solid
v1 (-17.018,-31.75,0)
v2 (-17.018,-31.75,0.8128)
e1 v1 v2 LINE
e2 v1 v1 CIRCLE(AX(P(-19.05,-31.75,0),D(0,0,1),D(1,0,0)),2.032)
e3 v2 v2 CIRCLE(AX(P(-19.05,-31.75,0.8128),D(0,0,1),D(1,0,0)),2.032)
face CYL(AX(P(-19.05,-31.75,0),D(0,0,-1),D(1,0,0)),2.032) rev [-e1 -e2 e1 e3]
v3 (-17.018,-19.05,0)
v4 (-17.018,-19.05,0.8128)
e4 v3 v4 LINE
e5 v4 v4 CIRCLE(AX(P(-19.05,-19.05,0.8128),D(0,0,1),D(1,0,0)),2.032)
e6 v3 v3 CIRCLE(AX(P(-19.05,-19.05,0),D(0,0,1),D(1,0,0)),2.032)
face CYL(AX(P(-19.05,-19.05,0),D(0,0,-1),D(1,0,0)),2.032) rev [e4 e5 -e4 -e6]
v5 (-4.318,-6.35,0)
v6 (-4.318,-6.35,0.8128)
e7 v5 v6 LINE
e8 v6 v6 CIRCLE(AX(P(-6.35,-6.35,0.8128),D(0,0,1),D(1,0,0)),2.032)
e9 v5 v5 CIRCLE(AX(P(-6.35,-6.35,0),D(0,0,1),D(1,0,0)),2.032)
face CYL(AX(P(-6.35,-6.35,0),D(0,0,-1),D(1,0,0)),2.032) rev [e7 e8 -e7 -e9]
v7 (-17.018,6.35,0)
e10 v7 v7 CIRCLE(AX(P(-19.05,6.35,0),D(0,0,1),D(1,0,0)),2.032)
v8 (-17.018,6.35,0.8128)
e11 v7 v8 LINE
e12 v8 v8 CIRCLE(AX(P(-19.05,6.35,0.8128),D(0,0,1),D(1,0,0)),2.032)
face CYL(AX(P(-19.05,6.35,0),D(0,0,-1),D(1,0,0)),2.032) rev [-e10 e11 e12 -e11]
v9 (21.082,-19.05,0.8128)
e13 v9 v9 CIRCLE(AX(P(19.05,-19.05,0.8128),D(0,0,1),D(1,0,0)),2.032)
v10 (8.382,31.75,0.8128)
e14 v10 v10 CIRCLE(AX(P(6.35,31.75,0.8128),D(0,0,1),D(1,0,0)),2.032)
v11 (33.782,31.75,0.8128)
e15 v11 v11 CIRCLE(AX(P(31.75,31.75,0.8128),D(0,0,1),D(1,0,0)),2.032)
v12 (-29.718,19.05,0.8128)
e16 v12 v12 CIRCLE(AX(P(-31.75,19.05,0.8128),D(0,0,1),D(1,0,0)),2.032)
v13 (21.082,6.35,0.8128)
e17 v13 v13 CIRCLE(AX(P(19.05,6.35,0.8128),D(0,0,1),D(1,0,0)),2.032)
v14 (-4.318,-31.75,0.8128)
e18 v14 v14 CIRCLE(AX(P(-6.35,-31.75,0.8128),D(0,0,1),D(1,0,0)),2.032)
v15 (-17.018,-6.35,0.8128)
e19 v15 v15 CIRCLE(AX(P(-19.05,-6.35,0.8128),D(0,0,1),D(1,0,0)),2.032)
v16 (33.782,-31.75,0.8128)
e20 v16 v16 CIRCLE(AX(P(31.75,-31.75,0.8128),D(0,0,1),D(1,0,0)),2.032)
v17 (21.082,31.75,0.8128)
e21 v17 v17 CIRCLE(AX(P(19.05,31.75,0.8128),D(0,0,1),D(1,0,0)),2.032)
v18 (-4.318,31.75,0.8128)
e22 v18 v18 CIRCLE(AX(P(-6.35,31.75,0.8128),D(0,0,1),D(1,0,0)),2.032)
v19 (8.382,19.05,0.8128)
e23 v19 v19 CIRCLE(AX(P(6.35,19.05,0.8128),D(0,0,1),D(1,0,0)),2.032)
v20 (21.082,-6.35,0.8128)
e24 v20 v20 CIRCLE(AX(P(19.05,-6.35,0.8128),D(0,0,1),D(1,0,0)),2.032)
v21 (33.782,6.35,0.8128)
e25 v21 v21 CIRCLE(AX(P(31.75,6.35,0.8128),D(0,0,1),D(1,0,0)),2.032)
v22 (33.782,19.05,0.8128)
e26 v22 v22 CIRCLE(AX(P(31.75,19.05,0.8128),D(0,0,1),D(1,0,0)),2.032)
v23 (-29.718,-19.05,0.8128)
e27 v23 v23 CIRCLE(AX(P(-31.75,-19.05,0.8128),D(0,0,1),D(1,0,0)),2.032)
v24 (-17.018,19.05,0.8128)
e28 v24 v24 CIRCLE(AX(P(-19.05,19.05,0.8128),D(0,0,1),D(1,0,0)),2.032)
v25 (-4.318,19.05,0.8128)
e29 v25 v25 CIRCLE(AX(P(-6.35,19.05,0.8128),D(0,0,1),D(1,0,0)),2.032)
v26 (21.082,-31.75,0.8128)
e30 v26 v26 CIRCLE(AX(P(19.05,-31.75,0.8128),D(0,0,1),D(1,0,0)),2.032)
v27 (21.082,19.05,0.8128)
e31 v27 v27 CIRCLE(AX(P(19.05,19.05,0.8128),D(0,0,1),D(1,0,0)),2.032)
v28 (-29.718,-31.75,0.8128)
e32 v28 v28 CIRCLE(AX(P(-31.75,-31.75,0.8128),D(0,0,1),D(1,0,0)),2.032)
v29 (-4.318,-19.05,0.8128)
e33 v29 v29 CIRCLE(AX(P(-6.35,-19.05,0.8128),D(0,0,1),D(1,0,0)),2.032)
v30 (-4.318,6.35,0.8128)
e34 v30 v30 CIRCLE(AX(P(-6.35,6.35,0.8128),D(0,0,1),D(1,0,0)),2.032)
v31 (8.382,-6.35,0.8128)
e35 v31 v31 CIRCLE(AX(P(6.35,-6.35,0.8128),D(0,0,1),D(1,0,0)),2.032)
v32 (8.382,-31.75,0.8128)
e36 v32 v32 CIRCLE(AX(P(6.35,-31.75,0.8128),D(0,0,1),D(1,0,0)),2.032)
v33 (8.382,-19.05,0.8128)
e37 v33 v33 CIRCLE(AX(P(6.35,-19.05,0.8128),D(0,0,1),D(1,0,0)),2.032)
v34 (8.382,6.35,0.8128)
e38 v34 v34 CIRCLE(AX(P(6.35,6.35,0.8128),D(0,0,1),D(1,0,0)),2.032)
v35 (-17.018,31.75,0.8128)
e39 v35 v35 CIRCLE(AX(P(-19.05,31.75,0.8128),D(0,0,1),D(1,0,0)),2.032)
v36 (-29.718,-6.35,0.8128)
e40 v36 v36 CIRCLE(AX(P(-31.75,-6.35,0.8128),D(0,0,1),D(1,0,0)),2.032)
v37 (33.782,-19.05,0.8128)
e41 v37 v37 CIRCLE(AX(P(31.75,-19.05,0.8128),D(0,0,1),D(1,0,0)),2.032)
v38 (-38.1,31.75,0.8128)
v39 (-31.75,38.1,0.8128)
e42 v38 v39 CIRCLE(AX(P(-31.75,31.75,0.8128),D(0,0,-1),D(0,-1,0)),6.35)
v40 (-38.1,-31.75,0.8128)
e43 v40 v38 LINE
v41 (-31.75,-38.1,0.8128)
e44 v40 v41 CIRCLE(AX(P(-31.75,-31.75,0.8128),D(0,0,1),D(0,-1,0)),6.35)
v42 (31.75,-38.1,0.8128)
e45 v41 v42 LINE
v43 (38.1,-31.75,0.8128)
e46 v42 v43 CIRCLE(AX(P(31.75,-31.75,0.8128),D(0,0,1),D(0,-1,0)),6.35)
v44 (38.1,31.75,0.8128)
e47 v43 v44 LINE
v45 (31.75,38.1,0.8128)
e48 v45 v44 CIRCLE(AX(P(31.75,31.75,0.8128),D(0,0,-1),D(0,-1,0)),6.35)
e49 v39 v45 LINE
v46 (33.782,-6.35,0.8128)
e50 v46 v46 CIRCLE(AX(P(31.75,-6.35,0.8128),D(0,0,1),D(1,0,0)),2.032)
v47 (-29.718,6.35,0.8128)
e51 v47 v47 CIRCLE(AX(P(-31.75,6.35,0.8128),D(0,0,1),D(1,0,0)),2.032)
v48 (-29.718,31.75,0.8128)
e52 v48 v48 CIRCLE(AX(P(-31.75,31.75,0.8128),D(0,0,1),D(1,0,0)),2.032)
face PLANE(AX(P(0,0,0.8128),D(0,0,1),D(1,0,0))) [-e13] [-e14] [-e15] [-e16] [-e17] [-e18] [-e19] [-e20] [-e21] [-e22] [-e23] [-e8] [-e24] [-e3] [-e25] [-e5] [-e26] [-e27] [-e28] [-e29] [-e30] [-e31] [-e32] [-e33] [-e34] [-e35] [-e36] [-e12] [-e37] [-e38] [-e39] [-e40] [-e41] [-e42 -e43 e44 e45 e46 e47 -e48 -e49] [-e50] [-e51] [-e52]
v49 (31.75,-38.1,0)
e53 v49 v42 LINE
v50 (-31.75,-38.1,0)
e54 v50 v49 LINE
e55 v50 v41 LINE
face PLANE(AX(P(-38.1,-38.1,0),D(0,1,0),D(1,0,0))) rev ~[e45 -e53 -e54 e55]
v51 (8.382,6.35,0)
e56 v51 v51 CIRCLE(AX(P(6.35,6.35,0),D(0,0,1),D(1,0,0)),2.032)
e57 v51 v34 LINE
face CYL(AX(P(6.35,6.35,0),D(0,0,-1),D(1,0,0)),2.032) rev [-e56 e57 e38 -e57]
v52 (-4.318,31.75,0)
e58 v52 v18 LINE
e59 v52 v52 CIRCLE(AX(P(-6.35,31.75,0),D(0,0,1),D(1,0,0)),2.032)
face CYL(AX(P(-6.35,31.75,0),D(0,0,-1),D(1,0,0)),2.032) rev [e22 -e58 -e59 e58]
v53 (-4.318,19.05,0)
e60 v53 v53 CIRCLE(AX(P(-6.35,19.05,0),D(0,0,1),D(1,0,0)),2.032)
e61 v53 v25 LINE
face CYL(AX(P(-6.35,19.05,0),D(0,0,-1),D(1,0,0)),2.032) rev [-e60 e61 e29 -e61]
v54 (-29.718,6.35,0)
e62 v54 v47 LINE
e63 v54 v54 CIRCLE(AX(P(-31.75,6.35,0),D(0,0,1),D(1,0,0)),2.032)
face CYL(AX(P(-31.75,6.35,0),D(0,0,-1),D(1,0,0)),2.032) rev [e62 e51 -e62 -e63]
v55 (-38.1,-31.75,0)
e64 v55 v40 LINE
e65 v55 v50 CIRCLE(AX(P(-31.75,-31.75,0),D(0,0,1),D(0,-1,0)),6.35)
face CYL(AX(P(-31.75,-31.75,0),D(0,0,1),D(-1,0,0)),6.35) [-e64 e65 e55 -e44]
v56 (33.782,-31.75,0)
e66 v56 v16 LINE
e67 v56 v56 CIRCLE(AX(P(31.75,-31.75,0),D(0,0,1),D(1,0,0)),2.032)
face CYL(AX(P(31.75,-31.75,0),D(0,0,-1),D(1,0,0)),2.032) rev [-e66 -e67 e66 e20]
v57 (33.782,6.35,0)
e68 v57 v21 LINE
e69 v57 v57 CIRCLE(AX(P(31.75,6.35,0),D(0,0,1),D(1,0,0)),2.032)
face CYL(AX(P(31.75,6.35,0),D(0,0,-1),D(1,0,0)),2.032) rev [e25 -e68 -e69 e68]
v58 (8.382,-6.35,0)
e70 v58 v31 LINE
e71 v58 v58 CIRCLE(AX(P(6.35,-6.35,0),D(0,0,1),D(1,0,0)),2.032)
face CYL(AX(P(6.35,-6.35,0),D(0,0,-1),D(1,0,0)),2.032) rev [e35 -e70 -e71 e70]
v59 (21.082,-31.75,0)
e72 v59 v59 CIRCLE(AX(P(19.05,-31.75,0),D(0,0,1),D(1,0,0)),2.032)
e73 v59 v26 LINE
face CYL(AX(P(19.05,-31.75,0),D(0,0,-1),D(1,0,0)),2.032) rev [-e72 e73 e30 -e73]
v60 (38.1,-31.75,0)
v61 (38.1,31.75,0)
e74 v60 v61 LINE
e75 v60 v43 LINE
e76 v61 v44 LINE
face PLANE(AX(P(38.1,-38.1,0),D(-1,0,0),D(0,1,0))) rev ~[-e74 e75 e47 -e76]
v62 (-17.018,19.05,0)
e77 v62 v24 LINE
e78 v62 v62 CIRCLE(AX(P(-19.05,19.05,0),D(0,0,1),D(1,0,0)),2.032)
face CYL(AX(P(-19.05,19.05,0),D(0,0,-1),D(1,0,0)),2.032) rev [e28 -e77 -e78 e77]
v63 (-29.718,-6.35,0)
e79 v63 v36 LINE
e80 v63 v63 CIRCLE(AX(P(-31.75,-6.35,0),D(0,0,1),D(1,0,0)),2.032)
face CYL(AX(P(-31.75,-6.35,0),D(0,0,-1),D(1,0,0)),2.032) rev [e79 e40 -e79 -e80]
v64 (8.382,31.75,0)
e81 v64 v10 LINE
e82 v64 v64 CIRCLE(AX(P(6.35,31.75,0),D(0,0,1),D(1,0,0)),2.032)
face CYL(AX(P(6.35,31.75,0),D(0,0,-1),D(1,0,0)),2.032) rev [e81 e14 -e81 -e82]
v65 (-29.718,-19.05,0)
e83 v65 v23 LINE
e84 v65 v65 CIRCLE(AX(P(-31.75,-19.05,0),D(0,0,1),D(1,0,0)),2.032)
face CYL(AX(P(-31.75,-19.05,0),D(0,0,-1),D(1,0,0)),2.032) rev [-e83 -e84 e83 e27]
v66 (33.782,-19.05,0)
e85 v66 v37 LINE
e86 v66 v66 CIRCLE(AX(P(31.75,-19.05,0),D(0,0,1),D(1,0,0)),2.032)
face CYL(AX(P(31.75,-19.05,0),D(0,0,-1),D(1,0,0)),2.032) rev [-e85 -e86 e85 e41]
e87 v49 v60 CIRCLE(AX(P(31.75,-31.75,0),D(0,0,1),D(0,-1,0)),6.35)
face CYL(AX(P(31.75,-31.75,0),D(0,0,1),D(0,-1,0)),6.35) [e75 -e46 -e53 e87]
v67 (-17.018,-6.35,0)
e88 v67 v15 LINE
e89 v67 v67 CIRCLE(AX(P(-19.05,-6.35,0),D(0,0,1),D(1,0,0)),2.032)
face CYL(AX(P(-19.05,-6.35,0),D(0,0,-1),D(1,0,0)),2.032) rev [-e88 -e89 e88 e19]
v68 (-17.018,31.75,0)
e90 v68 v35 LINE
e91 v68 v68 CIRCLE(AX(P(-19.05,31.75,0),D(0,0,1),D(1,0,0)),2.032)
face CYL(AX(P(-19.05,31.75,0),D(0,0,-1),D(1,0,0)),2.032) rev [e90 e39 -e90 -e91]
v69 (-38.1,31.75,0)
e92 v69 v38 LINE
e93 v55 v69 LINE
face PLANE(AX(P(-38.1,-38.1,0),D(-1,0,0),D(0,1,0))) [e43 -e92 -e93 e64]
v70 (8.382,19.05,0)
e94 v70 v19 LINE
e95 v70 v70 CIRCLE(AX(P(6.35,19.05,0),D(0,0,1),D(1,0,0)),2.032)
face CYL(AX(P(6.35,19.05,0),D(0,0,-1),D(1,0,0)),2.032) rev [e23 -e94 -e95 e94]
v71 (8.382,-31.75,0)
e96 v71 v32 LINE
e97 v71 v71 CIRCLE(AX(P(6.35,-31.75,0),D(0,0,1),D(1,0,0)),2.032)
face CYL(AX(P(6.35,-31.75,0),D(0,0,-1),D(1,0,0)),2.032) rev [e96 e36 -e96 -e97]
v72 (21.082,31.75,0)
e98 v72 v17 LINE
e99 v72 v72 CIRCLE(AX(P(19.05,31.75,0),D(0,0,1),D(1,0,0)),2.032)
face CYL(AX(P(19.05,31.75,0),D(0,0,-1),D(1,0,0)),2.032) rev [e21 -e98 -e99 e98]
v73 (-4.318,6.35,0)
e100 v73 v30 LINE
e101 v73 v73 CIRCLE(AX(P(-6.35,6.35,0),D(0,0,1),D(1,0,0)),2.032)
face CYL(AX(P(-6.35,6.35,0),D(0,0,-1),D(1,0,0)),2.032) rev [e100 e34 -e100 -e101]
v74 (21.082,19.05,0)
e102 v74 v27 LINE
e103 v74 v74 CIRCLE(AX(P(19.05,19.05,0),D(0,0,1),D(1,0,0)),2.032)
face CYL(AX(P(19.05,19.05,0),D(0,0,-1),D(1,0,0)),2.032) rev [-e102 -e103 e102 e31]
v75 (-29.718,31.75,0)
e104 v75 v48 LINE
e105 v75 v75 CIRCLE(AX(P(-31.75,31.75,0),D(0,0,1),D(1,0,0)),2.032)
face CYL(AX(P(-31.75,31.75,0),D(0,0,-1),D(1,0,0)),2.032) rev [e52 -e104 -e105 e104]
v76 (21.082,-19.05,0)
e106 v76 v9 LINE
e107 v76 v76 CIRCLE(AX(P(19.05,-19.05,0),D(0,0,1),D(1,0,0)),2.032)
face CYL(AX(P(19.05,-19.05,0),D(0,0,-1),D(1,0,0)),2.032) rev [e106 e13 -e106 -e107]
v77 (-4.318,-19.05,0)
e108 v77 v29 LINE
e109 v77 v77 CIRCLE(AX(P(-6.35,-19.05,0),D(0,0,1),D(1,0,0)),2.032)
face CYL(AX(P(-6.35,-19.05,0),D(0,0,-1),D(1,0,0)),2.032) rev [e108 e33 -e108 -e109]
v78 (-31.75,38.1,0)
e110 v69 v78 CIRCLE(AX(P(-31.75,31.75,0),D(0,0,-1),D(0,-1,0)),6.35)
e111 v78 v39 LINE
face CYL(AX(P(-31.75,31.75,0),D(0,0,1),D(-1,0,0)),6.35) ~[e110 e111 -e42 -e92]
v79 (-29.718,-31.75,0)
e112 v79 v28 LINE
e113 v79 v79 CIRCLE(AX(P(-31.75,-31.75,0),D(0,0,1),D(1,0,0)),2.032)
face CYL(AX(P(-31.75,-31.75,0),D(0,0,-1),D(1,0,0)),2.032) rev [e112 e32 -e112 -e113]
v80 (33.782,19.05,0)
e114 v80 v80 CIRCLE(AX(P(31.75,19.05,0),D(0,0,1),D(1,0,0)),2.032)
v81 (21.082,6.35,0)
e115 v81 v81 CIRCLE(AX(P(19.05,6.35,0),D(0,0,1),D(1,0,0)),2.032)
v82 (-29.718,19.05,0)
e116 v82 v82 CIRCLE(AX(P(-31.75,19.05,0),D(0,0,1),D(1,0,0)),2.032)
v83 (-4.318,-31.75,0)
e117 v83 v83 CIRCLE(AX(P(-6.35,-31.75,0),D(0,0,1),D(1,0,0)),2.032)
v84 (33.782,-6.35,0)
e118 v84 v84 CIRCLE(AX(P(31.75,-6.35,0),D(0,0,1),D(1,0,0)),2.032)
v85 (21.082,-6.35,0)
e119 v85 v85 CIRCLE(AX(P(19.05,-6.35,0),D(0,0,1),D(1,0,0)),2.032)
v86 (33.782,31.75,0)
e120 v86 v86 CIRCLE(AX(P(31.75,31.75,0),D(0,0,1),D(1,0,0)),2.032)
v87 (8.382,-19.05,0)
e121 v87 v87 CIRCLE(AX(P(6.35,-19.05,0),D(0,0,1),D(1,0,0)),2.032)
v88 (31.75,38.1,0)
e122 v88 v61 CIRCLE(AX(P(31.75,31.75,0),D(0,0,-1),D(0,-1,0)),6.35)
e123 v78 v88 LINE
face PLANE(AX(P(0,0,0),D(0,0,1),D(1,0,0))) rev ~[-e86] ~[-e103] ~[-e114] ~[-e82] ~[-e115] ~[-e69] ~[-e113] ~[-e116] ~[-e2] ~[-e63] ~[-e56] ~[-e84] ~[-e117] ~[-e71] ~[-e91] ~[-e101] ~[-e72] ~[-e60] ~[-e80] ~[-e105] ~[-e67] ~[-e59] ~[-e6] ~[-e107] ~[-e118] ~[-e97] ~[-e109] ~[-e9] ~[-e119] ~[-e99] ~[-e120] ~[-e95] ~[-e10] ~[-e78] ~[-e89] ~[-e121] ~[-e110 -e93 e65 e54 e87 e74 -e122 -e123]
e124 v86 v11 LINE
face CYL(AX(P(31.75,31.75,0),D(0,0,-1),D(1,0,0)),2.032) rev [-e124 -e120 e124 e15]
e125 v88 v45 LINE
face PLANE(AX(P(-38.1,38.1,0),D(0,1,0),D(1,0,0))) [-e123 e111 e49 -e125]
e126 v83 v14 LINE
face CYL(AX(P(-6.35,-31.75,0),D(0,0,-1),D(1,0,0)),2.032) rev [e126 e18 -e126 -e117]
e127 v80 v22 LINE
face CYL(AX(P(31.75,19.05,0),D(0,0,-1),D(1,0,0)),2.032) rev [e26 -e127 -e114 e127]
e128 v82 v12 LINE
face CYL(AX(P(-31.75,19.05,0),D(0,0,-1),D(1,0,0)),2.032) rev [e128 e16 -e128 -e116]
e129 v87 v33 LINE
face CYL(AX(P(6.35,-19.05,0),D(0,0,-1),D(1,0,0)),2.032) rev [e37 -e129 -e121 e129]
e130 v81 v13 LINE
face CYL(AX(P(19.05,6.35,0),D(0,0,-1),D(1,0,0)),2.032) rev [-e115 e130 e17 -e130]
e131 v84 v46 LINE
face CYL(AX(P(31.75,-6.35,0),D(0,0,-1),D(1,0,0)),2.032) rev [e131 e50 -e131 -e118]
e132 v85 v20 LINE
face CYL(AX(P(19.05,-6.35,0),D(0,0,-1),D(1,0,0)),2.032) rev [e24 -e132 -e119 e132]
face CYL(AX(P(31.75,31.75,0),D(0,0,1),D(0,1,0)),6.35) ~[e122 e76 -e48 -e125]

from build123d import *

# Parameters (mm, degrees)
F0_W     = 76.2
F0_H     = 76.2
F0_R     = 2.032
F1_DEPTH = 0.8128
F2_R     = 6.35


with BuildPart() as f1:
    # F0 (on Top) → F1 (new body)
    with BuildSketch(Plane.XY):
        Rectangle(F0_W, F0_H)
        with Locations((-31.75, -31.75)):
            Circle(F0_R, mode=Mode.SUBTRACT)
        with Locations((-19.05, -31.75)):
            Circle(F0_R, mode=Mode.SUBTRACT)
        with Locations((-6.35, -31.75)):
            Circle(F0_R, mode=Mode.SUBTRACT)
        with Locations((-31.75, -19.05)):
            Circle(F0_R, mode=Mode.SUBTRACT)
        with Locations((-31.75, -6.35)):
            Circle(F0_R, mode=Mode.SUBTRACT)
        with Locations((-19.05, -19.05)):
            Circle(F0_R, mode=Mode.SUBTRACT)
        with Locations((-6.35, -19.05)):
            Circle(F0_R, mode=Mode.SUBTRACT)
        with Locations((-19.05, -6.35)):
            Circle(F0_R, mode=Mode.SUBTRACT)
        with Locations((-6.35, -6.35)):
            Circle(F0_R, mode=Mode.SUBTRACT)
        with Locations((6.35, -31.75)):
            Circle(F0_R, mode=Mode.SUBTRACT)
        with Locations((19.05, -31.75)):
            Circle(F0_R, mode=Mode.SUBTRACT)
        with Locations((31.75, -31.75)):
            Circle(F0_R, mode=Mode.SUBTRACT)
        with Locations((6.35, -19.05)):
            Circle(F0_R, mode=Mode.SUBTRACT)
        with Locations((6.35, -6.35)):
            Circle(F0_R, mode=Mode.SUBTRACT)
        with Locations((19.05, -19.05)):
            Circle(F0_R, mode=Mode.SUBTRACT)
        with Locations((31.75, -19.05)):
            Circle(F0_R, mode=Mode.SUBTRACT)
        with Locations((19.05, -6.35)):
            Circle(F0_R, mode=Mode.SUBTRACT)
        with Locations((31.75, -6.35)):
            Circle(F0_R, mode=Mode.SUBTRACT)
        with Locations((-31.75, 6.35)):
            Circle(F0_R, mode=Mode.SUBTRACT)
        with Locations((-19.05, 6.35)):
            Circle(F0_R, mode=Mode.SUBTRACT)
        with Locations((-6.35, 6.35)):
            Circle(F0_R, mode=Mode.SUBTRACT)
        with Locations((-31.75, 19.05)):
            Circle(F0_R, mode=Mode.SUBTRACT)
        with Locations((-31.75, 31.75)):
            Circle(F0_R, mode=Mode.SUBTRACT)
        with Locations((-19.05, 19.05)):
            Circle(F0_R, mode=Mode.SUBTRACT)
        with Locations((-6.35, 19.05)):
            Circle(F0_R, mode=Mode.SUBTRACT)
        with Locations((-19.05, 31.75)):
            Circle(F0_R, mode=Mode.SUBTRACT)
        with Locations((-6.35, 31.75)):
            Circle(F0_R, mode=Mode.SUBTRACT)
        with Locations((6.35, 6.35)):
            Circle(F0_R, mode=Mode.SUBTRACT)
        with Locations((19.05, 6.35)):
            Circle(F0_R, mode=Mode.SUBTRACT)
        with Locations((31.75, 6.35)):
            Circle(F0_R, mode=Mode.SUBTRACT)
        with Locations((6.35, 19.05)):
            Circle(F0_R, mode=Mode.SUBTRACT)
        with Locations((6.35, 31.75)):
            Circle(F0_R, mode=Mode.SUBTRACT)
        with Locations((19.05, 19.05)):
            Circle(F0_R, mode=Mode.SUBTRACT)
        with Locations((31.75, 19.05)):
            Circle(F0_R, mode=Mode.SUBTRACT)
        with Locations((19.05, 31.75)):
            Circle(F0_R, mode=Mode.SUBTRACT)
        with Locations((31.75, 31.75)):
            Circle(F0_R, mode=Mode.SUBTRACT)
    extrude(amount=F1_DEPTH)

    # F2
    f2_edges = [f1.edges().sort_by_distance(p)[0] for p in [
        (-38.1, -38.1, 0.4064),
        (38.1, -38.1, 0.4064),
        (38.1, 38.1, 0.4064),
        (-38.1, 38.1, 0.4064),
    ]]
    fillet(f2_edges, radius=F2_R)


solid = f1.part
